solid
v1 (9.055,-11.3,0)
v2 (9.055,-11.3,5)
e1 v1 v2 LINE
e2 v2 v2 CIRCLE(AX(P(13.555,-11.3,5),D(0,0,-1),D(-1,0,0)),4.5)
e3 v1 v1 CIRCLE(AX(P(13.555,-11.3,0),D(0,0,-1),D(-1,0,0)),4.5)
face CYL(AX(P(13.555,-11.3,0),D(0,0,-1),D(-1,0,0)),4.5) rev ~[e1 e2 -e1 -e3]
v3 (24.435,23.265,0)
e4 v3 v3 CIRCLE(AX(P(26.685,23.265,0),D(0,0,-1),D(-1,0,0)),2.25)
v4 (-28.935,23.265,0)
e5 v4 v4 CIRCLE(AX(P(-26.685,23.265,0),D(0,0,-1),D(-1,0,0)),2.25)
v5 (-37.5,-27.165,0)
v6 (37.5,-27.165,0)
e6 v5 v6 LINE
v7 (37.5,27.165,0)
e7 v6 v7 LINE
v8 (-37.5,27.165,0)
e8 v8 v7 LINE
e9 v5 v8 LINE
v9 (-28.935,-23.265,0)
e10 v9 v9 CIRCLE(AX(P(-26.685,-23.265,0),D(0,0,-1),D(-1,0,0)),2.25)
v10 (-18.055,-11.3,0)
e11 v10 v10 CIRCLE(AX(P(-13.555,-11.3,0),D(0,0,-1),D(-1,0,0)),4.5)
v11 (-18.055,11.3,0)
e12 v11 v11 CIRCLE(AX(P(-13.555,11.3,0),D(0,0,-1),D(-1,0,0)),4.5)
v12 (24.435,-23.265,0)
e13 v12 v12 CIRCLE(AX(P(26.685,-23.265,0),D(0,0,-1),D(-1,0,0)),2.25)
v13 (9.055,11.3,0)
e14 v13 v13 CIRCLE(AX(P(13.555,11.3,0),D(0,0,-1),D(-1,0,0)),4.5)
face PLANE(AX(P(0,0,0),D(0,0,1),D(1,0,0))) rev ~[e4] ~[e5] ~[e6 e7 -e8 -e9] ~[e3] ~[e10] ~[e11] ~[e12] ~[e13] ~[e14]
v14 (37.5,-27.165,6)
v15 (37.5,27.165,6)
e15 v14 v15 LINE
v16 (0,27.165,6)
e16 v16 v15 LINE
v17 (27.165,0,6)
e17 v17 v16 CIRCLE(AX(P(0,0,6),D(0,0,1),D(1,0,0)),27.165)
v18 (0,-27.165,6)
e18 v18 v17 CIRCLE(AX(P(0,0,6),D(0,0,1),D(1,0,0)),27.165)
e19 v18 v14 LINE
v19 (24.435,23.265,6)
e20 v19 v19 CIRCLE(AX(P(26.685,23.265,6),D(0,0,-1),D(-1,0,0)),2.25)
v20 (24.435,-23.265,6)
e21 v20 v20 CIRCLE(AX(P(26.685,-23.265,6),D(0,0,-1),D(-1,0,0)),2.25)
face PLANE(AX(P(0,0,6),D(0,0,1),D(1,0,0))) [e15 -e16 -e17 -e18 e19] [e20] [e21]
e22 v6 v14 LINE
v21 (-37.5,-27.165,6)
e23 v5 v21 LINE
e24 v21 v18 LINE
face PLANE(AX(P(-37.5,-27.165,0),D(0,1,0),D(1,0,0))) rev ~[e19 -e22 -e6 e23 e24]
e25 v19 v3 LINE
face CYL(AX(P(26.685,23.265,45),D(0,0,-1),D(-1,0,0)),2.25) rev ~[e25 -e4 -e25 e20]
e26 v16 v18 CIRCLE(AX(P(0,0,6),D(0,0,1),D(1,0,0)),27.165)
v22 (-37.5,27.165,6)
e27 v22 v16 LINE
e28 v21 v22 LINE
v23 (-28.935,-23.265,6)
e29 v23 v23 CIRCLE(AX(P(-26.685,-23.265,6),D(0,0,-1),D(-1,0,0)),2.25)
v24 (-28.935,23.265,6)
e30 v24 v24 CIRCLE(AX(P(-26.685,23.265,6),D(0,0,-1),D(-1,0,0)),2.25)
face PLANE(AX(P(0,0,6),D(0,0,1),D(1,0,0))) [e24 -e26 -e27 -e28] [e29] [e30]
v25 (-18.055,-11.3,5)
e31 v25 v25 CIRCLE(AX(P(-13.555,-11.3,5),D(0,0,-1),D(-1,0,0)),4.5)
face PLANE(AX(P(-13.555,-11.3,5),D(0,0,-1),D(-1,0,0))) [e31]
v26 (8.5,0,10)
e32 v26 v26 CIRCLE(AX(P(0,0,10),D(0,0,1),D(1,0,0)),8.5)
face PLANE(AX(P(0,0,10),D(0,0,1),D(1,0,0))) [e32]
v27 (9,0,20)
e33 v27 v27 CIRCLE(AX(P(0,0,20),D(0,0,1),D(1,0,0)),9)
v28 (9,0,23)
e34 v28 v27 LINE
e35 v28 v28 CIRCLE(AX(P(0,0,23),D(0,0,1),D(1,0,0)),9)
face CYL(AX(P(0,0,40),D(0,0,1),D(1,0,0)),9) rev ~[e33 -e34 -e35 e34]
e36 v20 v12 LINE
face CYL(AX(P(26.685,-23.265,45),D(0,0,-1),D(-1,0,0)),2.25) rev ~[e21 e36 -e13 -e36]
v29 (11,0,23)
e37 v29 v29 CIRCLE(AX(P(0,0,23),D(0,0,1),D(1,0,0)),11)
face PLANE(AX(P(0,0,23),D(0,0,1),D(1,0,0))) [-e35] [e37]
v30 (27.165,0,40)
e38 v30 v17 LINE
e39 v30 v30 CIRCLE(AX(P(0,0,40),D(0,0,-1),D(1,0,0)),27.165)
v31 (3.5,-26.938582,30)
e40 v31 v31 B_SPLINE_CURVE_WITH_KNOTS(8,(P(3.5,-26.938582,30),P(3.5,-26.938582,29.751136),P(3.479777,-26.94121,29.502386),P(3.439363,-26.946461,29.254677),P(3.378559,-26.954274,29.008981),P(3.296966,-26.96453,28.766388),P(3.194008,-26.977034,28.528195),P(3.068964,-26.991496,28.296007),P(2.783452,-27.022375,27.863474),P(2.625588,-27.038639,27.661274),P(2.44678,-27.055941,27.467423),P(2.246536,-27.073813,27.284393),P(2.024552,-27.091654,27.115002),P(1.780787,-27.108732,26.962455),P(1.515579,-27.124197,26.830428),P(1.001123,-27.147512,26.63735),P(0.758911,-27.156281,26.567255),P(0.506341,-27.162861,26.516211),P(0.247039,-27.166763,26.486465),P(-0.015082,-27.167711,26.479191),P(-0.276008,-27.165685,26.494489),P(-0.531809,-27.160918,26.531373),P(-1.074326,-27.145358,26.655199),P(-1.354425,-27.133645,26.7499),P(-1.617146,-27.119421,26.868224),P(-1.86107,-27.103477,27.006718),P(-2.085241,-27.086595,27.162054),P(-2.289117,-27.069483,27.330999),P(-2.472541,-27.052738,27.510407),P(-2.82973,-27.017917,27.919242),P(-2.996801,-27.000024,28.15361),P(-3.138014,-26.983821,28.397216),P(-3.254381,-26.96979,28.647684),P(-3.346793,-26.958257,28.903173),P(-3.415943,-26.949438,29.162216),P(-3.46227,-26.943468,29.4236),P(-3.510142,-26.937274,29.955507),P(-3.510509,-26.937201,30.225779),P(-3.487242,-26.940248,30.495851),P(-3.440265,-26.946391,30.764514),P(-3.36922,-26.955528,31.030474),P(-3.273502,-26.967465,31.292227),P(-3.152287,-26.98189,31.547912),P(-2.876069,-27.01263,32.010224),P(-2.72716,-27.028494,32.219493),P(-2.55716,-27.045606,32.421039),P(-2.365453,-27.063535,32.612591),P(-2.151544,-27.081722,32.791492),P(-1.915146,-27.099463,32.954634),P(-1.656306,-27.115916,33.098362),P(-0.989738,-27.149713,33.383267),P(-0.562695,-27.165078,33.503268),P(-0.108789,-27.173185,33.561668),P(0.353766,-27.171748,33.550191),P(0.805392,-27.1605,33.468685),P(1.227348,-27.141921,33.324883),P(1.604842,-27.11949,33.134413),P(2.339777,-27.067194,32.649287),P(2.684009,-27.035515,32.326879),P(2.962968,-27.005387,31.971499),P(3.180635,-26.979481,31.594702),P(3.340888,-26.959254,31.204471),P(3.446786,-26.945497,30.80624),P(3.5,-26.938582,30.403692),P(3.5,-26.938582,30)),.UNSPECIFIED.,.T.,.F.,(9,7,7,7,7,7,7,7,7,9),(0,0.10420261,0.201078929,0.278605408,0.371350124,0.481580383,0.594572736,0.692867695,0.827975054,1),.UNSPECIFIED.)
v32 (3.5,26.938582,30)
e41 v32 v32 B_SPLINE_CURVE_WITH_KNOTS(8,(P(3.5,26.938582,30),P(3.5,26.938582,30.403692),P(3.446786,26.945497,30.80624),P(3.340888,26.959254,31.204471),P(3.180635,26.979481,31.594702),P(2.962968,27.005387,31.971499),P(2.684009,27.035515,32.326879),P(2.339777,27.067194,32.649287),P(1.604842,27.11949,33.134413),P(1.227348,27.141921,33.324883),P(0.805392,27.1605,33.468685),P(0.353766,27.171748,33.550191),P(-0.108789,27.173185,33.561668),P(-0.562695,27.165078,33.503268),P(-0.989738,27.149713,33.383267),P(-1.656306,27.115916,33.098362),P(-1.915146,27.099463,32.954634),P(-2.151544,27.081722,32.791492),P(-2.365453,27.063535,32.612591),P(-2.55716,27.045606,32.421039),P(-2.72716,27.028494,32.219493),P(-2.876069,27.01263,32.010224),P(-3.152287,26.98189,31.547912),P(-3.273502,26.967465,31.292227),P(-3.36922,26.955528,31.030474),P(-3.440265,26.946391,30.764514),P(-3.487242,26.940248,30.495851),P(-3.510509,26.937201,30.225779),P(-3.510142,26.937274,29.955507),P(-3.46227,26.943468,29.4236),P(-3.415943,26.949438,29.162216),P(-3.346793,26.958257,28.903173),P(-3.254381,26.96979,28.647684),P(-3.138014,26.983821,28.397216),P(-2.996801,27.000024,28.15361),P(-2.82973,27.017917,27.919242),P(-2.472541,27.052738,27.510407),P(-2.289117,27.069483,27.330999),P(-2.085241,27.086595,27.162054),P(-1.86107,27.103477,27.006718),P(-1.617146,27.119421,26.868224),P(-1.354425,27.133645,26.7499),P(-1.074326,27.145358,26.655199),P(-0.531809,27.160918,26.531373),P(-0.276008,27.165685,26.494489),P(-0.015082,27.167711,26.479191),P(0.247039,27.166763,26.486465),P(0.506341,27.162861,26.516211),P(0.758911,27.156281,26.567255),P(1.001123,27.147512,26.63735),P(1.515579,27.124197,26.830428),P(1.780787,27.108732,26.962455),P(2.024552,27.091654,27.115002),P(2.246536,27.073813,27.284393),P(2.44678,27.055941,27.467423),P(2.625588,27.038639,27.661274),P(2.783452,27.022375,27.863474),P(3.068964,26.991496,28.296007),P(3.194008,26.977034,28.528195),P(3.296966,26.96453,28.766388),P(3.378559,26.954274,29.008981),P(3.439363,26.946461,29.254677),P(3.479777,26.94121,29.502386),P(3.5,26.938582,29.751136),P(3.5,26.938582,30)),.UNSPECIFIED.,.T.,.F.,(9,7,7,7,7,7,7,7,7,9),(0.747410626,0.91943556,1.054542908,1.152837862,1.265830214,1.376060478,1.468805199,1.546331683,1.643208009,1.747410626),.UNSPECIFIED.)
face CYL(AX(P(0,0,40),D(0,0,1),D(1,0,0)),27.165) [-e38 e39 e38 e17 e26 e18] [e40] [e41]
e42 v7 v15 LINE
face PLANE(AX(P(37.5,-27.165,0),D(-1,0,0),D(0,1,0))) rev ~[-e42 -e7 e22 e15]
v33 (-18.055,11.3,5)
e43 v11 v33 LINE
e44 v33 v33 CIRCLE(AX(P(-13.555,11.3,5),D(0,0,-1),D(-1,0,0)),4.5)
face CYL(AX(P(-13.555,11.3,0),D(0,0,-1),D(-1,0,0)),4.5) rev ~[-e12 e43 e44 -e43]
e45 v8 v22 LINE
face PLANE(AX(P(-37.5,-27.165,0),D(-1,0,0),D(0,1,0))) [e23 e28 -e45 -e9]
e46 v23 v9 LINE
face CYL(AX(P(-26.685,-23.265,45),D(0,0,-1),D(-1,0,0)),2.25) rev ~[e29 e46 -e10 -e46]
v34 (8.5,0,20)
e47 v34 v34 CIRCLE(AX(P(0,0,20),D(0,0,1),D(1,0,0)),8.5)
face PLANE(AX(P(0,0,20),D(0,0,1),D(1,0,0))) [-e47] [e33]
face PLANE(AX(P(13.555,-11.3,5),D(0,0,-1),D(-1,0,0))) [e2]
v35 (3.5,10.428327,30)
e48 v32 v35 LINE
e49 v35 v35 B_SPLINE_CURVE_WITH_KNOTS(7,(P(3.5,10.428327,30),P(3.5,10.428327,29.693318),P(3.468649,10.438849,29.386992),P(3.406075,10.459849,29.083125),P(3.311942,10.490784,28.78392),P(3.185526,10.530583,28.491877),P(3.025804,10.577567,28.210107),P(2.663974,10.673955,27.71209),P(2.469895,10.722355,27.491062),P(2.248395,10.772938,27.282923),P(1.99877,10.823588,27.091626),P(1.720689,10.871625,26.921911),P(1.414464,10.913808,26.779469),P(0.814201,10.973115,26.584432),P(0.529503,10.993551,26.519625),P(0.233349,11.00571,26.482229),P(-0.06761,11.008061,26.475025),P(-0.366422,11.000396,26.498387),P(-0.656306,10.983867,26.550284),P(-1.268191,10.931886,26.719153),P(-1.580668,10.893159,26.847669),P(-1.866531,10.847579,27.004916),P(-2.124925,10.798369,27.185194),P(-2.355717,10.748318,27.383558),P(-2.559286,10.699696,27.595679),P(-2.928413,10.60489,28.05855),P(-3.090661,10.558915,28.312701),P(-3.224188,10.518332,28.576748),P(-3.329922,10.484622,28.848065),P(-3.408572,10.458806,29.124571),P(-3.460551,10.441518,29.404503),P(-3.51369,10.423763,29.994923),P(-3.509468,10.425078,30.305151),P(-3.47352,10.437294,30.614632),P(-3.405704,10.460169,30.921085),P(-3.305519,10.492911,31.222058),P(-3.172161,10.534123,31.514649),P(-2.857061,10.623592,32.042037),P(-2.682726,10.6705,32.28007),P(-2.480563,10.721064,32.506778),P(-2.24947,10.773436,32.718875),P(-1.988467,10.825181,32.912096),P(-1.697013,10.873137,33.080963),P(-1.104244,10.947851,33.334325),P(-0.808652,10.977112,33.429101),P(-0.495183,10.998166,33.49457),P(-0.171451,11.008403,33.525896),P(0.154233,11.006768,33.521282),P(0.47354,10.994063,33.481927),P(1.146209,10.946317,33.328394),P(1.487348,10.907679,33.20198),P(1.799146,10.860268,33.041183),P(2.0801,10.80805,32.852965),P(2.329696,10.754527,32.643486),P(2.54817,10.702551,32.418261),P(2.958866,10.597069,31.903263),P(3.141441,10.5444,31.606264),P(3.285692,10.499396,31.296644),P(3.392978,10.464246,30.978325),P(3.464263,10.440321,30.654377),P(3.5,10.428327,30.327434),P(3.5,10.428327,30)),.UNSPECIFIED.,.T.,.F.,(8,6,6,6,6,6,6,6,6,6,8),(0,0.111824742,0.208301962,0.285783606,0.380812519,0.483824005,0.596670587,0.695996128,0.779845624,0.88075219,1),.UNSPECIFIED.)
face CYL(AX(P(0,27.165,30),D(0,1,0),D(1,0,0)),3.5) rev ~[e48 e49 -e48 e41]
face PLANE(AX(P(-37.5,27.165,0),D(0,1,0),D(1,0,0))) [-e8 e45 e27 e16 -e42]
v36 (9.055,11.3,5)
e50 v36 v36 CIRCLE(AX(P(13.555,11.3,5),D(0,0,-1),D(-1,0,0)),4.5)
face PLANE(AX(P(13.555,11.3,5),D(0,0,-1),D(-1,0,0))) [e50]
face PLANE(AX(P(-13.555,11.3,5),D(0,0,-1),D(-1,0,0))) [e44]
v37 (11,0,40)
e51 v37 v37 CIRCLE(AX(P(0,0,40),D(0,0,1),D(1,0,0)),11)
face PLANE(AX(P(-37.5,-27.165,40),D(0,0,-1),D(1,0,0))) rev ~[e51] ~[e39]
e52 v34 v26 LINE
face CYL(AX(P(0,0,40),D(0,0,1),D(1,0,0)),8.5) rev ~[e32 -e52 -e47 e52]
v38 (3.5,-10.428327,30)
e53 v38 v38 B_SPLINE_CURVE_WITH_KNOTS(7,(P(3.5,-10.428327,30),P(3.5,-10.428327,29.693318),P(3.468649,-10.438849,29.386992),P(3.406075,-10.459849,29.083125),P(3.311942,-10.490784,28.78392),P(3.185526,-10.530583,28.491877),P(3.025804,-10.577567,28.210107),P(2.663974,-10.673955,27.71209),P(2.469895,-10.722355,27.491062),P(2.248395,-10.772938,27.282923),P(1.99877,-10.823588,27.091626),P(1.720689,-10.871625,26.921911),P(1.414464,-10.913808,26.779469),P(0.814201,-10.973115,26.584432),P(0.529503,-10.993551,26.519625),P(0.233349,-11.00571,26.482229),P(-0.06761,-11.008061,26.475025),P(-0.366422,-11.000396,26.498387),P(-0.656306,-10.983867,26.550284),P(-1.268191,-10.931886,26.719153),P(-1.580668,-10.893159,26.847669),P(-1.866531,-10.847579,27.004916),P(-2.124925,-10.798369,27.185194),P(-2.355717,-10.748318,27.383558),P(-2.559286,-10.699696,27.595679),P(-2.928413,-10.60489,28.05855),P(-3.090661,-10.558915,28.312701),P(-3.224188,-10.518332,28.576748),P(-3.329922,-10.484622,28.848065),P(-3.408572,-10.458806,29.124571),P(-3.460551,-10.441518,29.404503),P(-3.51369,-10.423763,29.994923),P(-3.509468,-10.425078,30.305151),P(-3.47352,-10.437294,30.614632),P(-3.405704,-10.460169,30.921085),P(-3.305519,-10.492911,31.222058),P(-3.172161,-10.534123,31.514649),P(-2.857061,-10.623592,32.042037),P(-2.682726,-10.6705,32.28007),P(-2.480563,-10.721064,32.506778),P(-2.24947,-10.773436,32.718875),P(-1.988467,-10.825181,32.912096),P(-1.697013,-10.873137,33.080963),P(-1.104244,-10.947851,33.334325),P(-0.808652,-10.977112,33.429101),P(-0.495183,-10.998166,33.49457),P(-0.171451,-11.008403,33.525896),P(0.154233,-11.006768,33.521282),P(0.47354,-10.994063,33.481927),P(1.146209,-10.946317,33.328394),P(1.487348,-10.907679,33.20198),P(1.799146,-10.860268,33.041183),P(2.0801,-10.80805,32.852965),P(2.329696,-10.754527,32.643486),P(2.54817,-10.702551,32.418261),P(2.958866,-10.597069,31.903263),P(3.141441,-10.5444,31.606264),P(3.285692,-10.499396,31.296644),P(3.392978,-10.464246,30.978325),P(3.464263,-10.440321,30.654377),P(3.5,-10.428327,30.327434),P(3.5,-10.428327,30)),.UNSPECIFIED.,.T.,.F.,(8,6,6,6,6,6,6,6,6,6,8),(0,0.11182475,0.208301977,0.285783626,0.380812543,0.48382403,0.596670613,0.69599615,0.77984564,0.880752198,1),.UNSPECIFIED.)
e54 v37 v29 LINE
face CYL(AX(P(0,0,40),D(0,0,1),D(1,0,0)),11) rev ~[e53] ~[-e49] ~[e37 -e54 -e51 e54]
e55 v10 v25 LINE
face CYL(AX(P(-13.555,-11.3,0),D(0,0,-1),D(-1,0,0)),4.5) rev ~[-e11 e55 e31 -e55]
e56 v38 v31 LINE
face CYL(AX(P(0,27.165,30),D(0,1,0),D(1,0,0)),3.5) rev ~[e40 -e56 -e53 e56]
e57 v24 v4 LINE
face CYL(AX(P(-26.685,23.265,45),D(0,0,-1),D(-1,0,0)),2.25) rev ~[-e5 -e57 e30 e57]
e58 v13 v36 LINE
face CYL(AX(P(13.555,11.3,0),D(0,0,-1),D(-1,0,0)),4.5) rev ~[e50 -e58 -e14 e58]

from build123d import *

# Parameters (mm, degrees)
SKETCH1_W                      = 75
SKETCH1_H                      = 54.33
BOSS_EXTRUDE1_DEPTH            = 45
CBORE_FOR_M4_SHCS1_D           = 4.5
CBORE_FOR_M4_SHCS1_CBORE_D     = 8
CBORE_FOR_M4_SHCS1_CBORE_DEPTH = 4
SKETCH4_OUTSIDE_W              = 97.592
SKETCH4_OUTSIDE_H              = 67.592
SKETCH4_OUTSIDE_W_2            = 75
SKETCH4_OUTSIDE_H_2            = 40
CUT_EXTRUDE1_DEPTH             = 55.33
SKETCH5_R                      = 8.5
CUT_EXTRUDE2_DEPTH             = 30
SKETCH5_3_R                    = 9
CUT_EXTRUDE3_DEPTH             = 20
SKETCH5_4_R                    = 11
CUT_EXTRUDE4_DEPTH             = 17
SKETCH6_R                      = 3.5
CUT_EXTRUDE5_DEPTH             = 55.33
SKETCH29_OUTSIDE_W             = 97.176
SKETCH29_OUTSIDE_H             = 76.506
SKETCH29_OUTSIDE_R             = 27.165
CUT_EXTRUDE6_DEPTH             = 34
SKETCH30_R                     = 4.5
CUT_EXTRUDE7_DEPTH             = 5


with BuildPart() as part:
    # Sketch1 → Boss-Extrude1 (new body)
    with BuildSketch(Plane.XY):
        Rectangle(SKETCH1_W, SKETCH1_H)
    extrude(amount=BOSS_EXTRUDE1_DEPTH)

    # CBORE for M4 SHCS1 (through all)
    with Locations(Plane.XY.offset(45)):
        with Locations((26.685, -23.265), (26.685, 23.265), (-26.685, 23.265), (-26.685, -23.265)):
            CounterBoreHole(CBORE_FOR_M4_SHCS1_D / 2, CBORE_FOR_M4_SHCS1_CBORE_D / 2, CBORE_FOR_M4_SHCS1_CBORE_DEPTH)

    # Sketch4 outside → Cut-Extrude1 (cut, through all)
    with BuildSketch(Plane.XZ.offset(27.165)):
        with Locations((0, 22.5)):
            Rectangle(SKETCH4_OUTSIDE_W, SKETCH4_OUTSIDE_H)
        with Locations((0, 20)):
            Rectangle(SKETCH4_OUTSIDE_W_2, SKETCH4_OUTSIDE_H_2, mode=Mode.SUBTRACT)
    extrude(amount=-CUT_EXTRUDE1_DEPTH, mode=Mode.SUBTRACT)

    # Sketch5 → Cut-Extrude2 (cut)
    with BuildSketch(Plane.XY.offset(40)):
        Circle(SKETCH5_R)
    extrude(amount=-CUT_EXTRUDE2_DEPTH, mode=Mode.SUBTRACT)

    # Sketch5<3> → Cut-Extrude3 (cut)
    with BuildSketch(Plane.XY.offset(40)):
        Circle(SKETCH5_3_R)
    extrude(amount=-CUT_EXTRUDE3_DEPTH, mode=Mode.SUBTRACT)

    # Sketch5<4> → Cut-Extrude4 (cut)
    with BuildSketch(Plane.XY.offset(40)):
        Circle(SKETCH5_4_R)
    extrude(amount=-CUT_EXTRUDE4_DEPTH, mode=Mode.SUBTRACT)

    # Sketch6 → Cut-Extrude5 (cut, through all)
    with BuildSketch(Plane(origin=(0, 27.165, 0), x_dir=(1, 0, 0), z_dir=(0, 1, 0))):
        with Locations((0, -30)):
            Circle(SKETCH6_R)
    extrude(amount=-CUT_EXTRUDE5_DEPTH, mode=Mode.SUBTRACT)

    # Sketch29 outside → Cut-Extrude6 (cut)
    with BuildSketch(Plane.XY.offset(40)):
        Rectangle(SKETCH29_OUTSIDE_W, SKETCH29_OUTSIDE_H)
        Circle(SKETCH29_OUTSIDE_R, mode=Mode.SUBTRACT)
    extrude(amount=-CUT_EXTRUDE6_DEPTH, mode=Mode.SUBTRACT)

    # Sketch30 → Cut-Extrude7 (cut)
    with BuildSketch(Plane(origin=(0, 0, 0), x_dir=(-1, 0, 0), z_dir=(0, 0, -1))):
        with Locations((-13.555, 11.3)):
            Circle(SKETCH30_R)
        with Locations((13.555, 11.3)):
            Circle(SKETCH30_R)
        with Locations((13.555, -11.3)):
            Circle(SKETCH30_R)
        with Locations((-13.555, -11.3)):
            Circle(SKETCH30_R)
    extrude(amount=-CUT_EXTRUDE7_DEPTH, mode=Mode.SUBTRACT)


solid = part.part
